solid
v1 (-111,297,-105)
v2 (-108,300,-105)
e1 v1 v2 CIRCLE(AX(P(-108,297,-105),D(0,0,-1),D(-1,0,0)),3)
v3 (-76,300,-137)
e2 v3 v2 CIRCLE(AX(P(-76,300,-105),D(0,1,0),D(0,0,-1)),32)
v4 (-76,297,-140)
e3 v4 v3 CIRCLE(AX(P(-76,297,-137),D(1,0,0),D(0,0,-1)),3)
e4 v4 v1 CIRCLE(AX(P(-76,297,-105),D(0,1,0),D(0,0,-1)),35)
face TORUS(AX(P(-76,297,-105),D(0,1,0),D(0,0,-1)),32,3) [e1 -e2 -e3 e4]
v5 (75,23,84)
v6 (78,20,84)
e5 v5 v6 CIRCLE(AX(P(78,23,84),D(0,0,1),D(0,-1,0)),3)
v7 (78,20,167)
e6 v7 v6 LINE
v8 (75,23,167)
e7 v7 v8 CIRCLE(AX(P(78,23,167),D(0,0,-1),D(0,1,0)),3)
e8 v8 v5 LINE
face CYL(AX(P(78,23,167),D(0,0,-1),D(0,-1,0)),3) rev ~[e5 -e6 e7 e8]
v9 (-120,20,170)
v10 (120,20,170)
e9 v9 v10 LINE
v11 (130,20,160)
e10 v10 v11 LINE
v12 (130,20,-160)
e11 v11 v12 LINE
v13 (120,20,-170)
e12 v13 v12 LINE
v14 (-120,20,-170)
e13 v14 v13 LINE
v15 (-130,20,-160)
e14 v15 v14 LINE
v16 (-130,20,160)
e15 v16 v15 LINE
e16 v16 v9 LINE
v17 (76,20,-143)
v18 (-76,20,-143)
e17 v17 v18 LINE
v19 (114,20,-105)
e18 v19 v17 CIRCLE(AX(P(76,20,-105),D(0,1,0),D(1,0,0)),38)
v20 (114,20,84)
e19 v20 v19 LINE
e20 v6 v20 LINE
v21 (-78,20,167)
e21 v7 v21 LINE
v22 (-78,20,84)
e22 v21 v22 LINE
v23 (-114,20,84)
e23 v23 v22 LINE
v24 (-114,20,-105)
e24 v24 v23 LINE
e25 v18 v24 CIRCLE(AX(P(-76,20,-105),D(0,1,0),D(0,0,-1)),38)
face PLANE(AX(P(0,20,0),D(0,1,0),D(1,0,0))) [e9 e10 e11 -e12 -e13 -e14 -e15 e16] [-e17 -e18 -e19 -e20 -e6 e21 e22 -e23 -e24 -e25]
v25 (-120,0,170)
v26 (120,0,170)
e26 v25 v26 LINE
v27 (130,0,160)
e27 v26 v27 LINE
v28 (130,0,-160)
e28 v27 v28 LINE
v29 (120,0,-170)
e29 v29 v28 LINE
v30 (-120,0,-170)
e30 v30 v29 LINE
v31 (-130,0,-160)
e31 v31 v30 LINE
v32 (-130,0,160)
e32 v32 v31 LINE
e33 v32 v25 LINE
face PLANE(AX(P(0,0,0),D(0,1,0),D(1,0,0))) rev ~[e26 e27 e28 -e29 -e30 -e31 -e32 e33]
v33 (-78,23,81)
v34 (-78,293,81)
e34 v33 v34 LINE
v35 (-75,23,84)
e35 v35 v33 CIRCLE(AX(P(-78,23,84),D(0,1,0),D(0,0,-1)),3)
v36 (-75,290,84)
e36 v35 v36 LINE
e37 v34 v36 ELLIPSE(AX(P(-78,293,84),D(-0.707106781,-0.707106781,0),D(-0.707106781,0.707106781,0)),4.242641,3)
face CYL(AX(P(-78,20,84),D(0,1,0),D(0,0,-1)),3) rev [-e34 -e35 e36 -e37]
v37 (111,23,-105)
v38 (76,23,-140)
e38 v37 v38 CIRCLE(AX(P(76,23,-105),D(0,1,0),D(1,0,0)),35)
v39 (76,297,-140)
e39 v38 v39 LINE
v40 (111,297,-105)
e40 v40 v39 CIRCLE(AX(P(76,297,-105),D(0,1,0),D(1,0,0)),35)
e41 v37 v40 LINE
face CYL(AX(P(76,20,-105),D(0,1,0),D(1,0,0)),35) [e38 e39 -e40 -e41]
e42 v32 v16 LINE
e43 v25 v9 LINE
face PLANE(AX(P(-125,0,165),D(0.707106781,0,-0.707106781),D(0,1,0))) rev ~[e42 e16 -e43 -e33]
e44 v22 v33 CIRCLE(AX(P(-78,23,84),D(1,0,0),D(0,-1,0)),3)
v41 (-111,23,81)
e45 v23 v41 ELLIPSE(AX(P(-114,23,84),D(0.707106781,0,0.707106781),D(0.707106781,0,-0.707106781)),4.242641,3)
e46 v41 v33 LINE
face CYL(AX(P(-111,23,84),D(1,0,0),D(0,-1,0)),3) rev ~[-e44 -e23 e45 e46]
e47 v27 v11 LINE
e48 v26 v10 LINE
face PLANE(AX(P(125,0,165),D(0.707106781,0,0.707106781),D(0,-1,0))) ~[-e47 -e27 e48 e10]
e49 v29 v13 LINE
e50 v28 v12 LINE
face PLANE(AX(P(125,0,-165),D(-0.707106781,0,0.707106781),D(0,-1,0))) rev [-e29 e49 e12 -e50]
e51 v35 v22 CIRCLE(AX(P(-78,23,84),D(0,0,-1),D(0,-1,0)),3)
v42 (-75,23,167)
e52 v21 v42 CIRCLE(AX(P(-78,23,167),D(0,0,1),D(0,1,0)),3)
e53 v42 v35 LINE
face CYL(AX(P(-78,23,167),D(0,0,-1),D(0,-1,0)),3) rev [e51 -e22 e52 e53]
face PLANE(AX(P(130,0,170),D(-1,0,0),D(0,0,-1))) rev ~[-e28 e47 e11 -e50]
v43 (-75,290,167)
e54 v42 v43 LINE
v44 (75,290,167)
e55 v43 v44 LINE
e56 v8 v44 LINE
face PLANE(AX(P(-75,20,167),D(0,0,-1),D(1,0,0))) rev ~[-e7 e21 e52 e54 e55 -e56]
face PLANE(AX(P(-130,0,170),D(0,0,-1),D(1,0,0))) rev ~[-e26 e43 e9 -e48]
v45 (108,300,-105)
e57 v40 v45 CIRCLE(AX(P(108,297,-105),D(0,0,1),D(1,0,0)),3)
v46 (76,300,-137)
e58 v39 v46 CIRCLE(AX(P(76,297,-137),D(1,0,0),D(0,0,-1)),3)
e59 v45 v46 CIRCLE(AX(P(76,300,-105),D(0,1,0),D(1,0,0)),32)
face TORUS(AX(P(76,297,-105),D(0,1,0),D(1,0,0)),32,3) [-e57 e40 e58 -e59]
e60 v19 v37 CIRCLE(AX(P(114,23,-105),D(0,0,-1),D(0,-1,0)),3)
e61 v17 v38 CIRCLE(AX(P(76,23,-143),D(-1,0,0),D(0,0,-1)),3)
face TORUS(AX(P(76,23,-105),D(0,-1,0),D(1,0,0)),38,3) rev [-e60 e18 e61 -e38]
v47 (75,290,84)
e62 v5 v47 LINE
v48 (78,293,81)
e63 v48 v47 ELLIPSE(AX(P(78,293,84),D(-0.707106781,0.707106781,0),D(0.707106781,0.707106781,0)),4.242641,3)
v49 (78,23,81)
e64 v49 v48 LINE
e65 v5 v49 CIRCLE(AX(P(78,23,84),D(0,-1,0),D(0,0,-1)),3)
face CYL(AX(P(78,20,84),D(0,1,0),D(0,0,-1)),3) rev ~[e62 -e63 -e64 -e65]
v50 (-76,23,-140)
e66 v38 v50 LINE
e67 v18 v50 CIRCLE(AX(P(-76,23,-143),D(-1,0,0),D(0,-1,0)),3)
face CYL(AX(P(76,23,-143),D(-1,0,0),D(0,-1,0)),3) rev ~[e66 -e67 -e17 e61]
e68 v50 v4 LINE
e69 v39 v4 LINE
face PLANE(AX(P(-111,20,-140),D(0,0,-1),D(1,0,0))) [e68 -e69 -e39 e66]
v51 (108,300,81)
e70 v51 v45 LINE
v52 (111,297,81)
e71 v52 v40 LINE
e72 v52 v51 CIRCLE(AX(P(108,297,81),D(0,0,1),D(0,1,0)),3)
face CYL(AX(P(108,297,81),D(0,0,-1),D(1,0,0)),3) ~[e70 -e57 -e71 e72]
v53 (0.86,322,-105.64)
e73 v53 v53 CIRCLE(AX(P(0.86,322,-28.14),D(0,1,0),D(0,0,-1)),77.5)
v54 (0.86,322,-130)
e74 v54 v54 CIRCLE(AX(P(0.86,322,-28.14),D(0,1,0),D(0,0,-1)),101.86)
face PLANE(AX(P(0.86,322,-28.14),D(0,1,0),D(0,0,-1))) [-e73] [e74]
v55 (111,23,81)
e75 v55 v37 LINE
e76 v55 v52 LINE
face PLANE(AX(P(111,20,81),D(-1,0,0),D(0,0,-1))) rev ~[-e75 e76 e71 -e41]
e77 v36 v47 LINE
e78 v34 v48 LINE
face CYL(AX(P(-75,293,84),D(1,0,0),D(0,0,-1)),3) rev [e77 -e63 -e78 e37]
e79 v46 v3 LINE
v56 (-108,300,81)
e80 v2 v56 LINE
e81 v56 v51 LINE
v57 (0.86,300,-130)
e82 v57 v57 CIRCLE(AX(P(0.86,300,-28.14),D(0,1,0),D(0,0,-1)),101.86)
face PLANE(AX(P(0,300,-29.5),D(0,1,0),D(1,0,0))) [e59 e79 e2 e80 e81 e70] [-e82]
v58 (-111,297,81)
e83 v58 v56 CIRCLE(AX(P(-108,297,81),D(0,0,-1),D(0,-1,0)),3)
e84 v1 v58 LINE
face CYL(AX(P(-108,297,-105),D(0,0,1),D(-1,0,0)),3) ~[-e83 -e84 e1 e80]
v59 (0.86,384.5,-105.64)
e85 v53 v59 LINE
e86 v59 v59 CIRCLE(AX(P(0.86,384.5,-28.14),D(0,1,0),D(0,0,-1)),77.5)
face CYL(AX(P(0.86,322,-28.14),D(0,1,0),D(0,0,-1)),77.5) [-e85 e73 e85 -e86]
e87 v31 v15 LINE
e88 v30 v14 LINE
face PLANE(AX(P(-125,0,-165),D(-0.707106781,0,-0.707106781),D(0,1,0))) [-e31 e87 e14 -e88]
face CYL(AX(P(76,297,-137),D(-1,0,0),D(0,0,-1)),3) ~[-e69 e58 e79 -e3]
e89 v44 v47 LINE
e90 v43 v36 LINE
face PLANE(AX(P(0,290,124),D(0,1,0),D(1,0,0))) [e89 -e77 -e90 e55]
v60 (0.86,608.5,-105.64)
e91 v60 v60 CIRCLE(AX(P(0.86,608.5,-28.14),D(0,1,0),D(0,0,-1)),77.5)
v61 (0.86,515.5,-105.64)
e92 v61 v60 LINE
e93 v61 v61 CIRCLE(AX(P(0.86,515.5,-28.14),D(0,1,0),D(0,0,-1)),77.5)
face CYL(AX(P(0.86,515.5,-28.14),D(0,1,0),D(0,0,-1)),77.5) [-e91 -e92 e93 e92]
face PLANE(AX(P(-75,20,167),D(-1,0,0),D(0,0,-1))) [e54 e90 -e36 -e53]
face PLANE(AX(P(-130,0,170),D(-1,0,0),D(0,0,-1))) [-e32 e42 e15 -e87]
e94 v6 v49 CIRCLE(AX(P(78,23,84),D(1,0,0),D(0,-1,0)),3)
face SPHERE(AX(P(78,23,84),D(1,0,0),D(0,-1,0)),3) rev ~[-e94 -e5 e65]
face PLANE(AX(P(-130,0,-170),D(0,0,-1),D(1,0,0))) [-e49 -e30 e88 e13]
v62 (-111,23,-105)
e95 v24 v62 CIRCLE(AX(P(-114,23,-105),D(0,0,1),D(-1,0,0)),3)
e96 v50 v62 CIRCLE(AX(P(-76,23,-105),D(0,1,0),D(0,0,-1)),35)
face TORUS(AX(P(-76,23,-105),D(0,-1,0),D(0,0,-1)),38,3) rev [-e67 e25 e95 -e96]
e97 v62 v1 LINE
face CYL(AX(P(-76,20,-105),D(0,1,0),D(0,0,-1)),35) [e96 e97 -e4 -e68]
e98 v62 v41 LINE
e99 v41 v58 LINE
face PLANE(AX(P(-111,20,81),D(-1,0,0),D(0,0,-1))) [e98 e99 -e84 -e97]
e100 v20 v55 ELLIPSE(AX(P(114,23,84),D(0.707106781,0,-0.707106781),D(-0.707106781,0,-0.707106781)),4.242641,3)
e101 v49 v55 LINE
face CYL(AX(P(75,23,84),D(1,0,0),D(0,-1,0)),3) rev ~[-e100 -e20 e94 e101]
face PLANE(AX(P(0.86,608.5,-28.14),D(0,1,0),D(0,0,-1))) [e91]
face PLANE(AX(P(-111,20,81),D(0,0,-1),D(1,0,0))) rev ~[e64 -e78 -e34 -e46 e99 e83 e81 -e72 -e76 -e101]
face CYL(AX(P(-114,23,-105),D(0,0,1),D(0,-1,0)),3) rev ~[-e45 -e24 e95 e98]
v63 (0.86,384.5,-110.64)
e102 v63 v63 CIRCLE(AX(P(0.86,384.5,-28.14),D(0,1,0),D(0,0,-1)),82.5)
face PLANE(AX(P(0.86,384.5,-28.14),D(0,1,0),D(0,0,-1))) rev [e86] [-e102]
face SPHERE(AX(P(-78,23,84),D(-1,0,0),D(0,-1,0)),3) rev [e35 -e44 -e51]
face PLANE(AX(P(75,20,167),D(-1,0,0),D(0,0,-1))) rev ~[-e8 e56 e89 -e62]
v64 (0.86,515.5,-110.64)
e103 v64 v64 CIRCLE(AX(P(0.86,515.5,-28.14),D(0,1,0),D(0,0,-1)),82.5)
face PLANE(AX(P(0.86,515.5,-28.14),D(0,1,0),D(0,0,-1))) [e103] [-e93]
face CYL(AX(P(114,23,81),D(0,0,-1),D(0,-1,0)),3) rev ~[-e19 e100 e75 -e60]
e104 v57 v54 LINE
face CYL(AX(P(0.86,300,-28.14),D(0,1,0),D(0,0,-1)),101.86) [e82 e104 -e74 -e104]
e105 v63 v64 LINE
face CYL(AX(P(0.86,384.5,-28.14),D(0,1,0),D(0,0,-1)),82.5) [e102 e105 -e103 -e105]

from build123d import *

# Parameters (mm, degrees)
CROQUIS1_W              = 260
CROQUIS1_H              = 340
SALIENTE_EXTRUIR1_DEPTH = 20
CROQUIS2_W              = 222
CROQUIS2_H              = 221
SALIENTE_EXTRUIR2_DEPTH = 280
CROQUIS3_W              = 150
CROQUIS3_H              = 86
SALIENTE_EXTRUIR3_DEPTH = 270
CHAFL_N1_SIZE           = 10
REDONDEO1_R             = 35
REDONDEO3_R             = 3


with BuildPart() as part:
    # Croquis1 → Saliente-Extruir1 (new body)
    with BuildSketch(Plane(origin=(0, 0, 0), x_dir=(1, 0, 0), z_dir=(0, 1, 0))):
        Rectangle(CROQUIS1_W, CROQUIS1_H)
    extrude(amount=SALIENTE_EXTRUIR1_DEPTH)

    # Croquis2 → Saliente-Extruir2 (add)
    with BuildSketch(Plane(origin=(0, 20, 0), x_dir=(1, 0, 0), z_dir=(0, 1, 0))):
        with Locations((0, 29.5)):
            Rectangle(CROQUIS2_W, CROQUIS2_H)
    extrude(amount=SALIENTE_EXTRUIR2_DEPTH)

    # Croquis3 → Saliente-Extruir3 (add)
    with BuildSketch(Plane(origin=(0, 20, 0), x_dir=(1, 0, 0), z_dir=(0, 1, 0))):
        with Locations((0, -124)):
            Rectangle(CROQUIS3_W, CROQUIS3_H)
    extrude(amount=SALIENTE_EXTRUIR3_DEPTH)

    # Chaflán1
    chafl_n1_edges = [part.edges().sort_by_distance(p)[0] for p in [
        (130, 10, 170),
        (-130, 10, 170),
        (-130, 10, -170),
        (130, 10, -170),
    ]]
    chamfer(chafl_n1_edges, length=CHAFL_N1_SIZE)

    # Redondeo1
    redondeo1_edges = [part.edges().sort_by_distance(p)[0] for p in [
        (-111, 160, -140),
        (111, 160, -140),
    ]]
    fillet(redondeo1_edges, radius=REDONDEO1_R)

    # Redondeo3
    redondeo3_edges = [part.edges().sort_by_distance(p)[0] for p in [
        (-93, 20, 81),
        (111, 20, -12),
        (111, 300, -12),
        (93, 20, 81),
        (-75, 20, 124),
        (-75, 155, 81),
        (75, 20, 124),
        (75, 155, 81),
        (0, 290, 81),
        (0, 20, -140),
        (0, 300, -140),
        (-111, 300, -12),
        (-100.748737342, 300, -129.748737342),
        (100.748737342, 300, -129.748737342),
        (-111, 20, -12),
        (100.748737342, 20, -129.748737342),
        (-100.748737342, 20, -129.748737342),
    ]]
    fillet(redondeo3_edges, radius=REDONDEO3_R)

    # Croquis4 → Revolución1 (revolve)
    with BuildSketch(Plane.ZY.offset(-0.86)):
        Polygon((-28.14, 300), (-130, 300), (-130, 322), (-105.64, 322), (-105.64, 384.5), (-110.64, 384.5), (-110.64, 515.5), (-105.64, 515.5), (-105.64, 608.5), (-28.14, 608.5), align=None)
    revolve(axis=Axis((0.86, 300, -28.14), (0, 1, 0)))


solid = part.part
